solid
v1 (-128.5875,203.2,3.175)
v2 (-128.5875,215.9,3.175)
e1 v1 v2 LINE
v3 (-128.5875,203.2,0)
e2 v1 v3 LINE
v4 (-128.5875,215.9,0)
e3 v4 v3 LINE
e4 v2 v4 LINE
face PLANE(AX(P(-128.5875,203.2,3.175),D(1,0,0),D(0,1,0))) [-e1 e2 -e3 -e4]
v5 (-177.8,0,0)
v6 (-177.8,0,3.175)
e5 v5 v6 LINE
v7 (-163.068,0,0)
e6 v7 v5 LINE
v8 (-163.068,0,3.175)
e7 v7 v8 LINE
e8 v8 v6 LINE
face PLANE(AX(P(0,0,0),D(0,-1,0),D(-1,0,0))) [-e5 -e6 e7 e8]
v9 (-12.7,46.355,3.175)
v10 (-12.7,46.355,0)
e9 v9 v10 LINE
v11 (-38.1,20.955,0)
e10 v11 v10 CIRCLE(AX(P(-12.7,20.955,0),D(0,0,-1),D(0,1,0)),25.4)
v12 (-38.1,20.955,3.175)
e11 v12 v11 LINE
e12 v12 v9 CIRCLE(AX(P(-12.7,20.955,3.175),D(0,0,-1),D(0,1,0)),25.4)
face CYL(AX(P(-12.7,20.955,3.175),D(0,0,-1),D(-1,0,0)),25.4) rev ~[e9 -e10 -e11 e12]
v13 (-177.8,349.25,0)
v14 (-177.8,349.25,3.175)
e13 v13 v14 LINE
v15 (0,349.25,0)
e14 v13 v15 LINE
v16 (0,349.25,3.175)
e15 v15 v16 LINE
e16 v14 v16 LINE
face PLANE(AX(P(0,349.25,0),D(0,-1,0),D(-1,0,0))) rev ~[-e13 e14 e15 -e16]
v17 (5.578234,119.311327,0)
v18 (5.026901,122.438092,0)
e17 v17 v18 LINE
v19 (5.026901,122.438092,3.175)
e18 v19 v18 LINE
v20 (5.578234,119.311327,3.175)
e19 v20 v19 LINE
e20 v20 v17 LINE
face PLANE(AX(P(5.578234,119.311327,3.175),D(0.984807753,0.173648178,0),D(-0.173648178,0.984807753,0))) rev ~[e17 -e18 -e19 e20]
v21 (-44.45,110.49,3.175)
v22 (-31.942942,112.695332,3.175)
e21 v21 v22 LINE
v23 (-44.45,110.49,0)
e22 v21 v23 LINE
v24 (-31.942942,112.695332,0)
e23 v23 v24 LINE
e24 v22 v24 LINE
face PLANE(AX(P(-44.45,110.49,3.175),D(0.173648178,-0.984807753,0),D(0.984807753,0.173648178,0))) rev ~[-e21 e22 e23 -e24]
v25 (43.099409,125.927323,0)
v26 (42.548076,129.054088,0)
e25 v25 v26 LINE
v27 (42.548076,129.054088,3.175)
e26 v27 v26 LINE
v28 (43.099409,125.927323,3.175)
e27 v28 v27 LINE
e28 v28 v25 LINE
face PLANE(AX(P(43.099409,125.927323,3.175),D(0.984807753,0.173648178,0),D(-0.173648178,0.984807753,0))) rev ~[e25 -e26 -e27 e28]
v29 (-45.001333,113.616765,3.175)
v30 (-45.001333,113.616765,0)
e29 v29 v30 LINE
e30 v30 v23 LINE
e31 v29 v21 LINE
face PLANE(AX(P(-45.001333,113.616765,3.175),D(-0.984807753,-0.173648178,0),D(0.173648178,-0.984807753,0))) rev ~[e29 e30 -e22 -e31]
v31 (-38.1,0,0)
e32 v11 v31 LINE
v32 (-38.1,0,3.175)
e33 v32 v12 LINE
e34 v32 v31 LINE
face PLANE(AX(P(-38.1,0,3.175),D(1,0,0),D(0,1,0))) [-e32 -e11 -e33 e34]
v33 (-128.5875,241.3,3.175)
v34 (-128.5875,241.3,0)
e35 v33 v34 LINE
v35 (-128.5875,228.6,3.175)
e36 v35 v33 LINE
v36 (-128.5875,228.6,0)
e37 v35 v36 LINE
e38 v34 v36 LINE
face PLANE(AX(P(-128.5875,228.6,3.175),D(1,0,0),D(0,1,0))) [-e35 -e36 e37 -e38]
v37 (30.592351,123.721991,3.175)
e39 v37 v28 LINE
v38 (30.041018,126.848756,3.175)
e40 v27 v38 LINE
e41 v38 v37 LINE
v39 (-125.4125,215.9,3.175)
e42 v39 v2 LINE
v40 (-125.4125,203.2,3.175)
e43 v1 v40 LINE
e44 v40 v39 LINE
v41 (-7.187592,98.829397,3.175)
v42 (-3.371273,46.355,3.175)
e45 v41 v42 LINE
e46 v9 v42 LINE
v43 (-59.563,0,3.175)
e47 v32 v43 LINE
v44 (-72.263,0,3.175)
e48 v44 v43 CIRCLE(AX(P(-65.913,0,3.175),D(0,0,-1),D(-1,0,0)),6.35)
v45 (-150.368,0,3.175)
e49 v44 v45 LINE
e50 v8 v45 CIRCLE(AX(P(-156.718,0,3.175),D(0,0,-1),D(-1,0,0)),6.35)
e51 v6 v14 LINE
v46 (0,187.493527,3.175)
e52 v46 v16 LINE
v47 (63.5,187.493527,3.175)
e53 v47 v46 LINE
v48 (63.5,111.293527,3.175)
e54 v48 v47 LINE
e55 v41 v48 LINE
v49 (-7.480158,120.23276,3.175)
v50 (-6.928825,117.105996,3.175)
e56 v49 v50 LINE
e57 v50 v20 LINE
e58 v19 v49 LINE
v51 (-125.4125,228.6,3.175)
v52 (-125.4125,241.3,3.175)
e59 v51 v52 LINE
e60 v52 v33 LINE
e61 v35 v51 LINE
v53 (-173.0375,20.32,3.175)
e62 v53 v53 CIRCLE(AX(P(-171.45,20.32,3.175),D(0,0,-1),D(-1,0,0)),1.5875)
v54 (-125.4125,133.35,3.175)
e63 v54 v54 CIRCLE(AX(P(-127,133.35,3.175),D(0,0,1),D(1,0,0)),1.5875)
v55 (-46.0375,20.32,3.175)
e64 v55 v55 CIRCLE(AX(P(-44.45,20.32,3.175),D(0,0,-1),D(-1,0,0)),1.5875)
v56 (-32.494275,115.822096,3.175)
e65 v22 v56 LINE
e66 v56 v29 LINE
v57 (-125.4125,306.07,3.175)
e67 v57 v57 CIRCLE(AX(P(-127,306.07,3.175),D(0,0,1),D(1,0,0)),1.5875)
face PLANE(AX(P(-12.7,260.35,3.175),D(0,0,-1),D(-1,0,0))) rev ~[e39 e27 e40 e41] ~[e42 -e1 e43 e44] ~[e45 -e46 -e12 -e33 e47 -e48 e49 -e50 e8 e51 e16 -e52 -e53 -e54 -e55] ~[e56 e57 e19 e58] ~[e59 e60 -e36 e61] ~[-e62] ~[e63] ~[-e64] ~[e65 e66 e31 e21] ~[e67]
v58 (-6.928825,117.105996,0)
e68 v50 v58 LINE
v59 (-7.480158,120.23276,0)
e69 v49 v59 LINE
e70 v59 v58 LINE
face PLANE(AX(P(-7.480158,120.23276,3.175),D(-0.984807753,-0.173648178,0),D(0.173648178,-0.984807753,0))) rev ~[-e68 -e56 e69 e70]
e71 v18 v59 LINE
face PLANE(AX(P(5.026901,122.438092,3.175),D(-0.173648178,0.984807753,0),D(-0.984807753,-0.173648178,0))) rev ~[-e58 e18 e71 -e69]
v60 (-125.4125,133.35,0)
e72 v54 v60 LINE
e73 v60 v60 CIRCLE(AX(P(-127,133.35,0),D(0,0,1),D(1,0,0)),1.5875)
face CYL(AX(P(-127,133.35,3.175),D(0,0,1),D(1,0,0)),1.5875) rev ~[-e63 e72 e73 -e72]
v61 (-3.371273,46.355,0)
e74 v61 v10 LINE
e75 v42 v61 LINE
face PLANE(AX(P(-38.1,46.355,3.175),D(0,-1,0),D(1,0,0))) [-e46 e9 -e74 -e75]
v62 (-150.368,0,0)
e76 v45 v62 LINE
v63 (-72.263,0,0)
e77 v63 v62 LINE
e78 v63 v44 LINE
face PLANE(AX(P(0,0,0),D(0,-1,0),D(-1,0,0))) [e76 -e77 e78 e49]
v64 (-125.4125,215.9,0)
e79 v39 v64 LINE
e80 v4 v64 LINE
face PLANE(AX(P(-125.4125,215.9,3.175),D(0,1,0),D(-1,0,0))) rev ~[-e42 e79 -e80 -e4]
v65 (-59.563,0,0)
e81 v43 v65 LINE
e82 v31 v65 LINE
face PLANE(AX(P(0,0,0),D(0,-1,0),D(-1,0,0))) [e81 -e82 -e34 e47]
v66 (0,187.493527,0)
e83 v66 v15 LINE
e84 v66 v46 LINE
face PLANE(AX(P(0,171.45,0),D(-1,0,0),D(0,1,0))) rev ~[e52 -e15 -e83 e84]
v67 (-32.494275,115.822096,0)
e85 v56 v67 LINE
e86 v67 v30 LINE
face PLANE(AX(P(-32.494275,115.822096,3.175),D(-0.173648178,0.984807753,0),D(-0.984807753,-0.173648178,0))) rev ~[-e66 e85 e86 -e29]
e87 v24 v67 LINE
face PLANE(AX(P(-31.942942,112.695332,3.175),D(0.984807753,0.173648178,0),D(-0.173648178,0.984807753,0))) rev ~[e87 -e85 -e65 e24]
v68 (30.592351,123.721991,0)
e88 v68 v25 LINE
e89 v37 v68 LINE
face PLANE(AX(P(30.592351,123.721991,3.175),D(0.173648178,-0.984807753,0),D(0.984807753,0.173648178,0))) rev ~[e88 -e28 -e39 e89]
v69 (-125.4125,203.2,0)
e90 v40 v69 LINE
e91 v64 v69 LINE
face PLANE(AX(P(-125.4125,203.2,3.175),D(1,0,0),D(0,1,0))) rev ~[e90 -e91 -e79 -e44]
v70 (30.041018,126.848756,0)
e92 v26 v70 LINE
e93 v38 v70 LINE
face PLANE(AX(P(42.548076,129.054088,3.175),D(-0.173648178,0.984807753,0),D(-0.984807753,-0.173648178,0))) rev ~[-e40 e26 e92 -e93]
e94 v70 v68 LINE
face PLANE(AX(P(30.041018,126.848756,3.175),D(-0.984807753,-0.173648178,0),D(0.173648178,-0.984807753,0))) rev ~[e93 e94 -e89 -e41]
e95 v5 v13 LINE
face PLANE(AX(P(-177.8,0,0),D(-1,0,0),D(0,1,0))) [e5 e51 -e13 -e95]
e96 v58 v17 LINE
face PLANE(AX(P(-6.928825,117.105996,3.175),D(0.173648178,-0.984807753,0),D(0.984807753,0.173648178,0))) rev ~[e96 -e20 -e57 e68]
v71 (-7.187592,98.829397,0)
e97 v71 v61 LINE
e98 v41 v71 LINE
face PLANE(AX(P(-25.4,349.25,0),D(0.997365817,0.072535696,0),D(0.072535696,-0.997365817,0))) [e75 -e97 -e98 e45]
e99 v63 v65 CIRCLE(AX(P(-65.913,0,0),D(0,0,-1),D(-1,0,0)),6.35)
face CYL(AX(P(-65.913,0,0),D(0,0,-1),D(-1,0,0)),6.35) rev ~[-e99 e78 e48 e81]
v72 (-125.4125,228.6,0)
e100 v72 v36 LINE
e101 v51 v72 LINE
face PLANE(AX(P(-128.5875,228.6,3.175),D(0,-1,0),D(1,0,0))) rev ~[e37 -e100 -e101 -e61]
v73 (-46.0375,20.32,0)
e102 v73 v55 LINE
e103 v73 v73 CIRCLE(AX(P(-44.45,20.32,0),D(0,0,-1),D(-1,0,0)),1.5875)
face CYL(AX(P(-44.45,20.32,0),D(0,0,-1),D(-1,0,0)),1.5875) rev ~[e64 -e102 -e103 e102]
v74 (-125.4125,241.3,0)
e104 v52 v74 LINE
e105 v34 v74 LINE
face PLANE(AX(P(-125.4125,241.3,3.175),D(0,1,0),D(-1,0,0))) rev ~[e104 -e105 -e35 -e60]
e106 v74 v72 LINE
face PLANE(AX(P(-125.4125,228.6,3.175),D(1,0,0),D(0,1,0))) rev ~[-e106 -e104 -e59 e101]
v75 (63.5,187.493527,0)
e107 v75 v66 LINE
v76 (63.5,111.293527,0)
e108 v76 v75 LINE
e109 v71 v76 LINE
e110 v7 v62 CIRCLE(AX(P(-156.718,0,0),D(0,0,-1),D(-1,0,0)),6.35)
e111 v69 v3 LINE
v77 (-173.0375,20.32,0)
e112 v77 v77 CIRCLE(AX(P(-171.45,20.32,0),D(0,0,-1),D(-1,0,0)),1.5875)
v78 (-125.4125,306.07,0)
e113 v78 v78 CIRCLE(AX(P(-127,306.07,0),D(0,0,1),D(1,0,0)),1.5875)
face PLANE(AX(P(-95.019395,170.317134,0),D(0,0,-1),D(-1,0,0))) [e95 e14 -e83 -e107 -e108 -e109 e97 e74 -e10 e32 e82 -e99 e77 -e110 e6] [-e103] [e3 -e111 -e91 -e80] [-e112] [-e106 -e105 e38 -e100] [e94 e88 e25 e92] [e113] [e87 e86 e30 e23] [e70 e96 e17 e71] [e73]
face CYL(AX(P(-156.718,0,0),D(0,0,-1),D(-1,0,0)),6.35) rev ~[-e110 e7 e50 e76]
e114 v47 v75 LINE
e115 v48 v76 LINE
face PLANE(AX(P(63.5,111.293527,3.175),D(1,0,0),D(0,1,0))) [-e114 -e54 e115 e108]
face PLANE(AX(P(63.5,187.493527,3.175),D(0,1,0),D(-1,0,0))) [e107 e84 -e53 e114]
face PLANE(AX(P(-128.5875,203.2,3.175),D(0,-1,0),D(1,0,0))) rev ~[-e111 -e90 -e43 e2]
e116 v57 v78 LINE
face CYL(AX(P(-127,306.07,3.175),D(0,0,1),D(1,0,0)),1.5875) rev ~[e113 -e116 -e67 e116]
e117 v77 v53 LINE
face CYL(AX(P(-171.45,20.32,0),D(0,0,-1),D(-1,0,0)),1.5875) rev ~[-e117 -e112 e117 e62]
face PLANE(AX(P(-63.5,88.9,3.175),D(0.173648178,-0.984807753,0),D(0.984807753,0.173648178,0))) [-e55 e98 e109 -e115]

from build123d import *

# Parameters (mm, degrees)
BOSS_EXTRUDE1_DEPTH = 3.175
SKETCH2_R           = 1.5875
CUT_EXTRUDE1_DEPTH  = 3.175
BOSS_EXTRUDE2_DEPTH = 3.175
CUT_EXTRUDE2_DEPTH  = 3.175
SKETCH5_W           = 1.5875
SKETCH5_H           = 12.7
CUT_EXTRUDE3_DEPTH  = 10.16
LPATTERN1_COUNT     = 2
LPATTERN1_PITCH     = 25.4
SKETCH8_W           = 38.1
SKETCH8_H           = 46.355
CUT_EXTRUDE6_DEPTH  = 12.7
SKETCH10_R          = 1.5875
CUT_EXTRUDE7_DEPTH  = 7.62
SKETCH11_R          = 6.35
CUT_EXTRUDE8_DEPTH  = 12.7
FILLET1_R           = 25.4
SKETCH13_W          = 25.4
SKETCH13_H          = 177.8
BOSS_EXTRUDE3_DEPTH = 3.175
LPATTERN2_COUNT     = 2
LPATTERN2_PITCH     = 76.2


with BuildPart() as part:
    # Sketch1 → Boss-Extrude1 (new body)
    with BuildSketch(Plane.XY):
        Polygon((0, 0), (-177.8, 0), (-177.8, 349.25), (-25.4, 349.25), align=None)
    extrude(amount=BOSS_EXTRUDE1_DEPTH)

    # Sketch2 → Cut-Extrude1 (cut)
    with BuildSketch(Plane.XY.offset(3.175)):
        with Locations((-127, 133.35)):
            Circle(SKETCH2_R)
        with Locations((-127, 306.07)):
            Circle(SKETCH2_R)
    extrude(amount=-CUT_EXTRUDE1_DEPTH, mode=Mode.SUBTRACT)

    # Sketch3 → Boss-Extrude2 (add)
    with BuildSketch(Plane.XY.offset(3.175)):
        Polygon((-63.5, 88.9), (63.5, 111.29352655), (63.5, 187.49352655), (-63.5, 187.49352655), align=None)
    extrude(amount=-BOSS_EXTRUDE2_DEPTH)

    # Sketch4 → Cut-Extrude2 (cut)
    with BuildSketch(Plane.XY.offset(3.175)):
        Polygon((-44.45, 110.49), (-31.942941537, 112.695331856), (-32.494274501, 115.822096472), (-45.001332964, 113.616764616), align=None)
        Polygon((-6.92882461, 117.105995569), (5.578233853, 119.311327425), (5.026900889, 122.438092041), (-7.480157574, 120.232760185), align=None)
    cut_extrude2 = extrude(amount=-CUT_EXTRUDE2_DEPTH, mode=Mode.SUBTRACT)

    # Sketch5 → Cut-Extrude3 (cut)
    with BuildSketch(Plane.XY.offset(3.175)):
        with Locations((-126.20625, 209.55)):
            Rectangle(SKETCH5_W, SKETCH5_H)
        with Locations((-127.79375, 209.55)):
            Rectangle(SKETCH5_W, SKETCH5_H)
    cut_extrude3 = extrude(amount=-CUT_EXTRUDE3_DEPTH, mode=Mode.SUBTRACT)

    # LPattern1: Cut-Extrude3 ×2
    with Locations(*[(0, i * LPATTERN1_PITCH, 0) for i in range(1, LPATTERN1_COUNT)]):
        add(cut_extrude3, mode=Mode.SUBTRACT)

    # Sketch8 → Cut-Extrude6 (cut)
    with BuildSketch(Plane.XY.offset(3.175)):
        with Locations((-19.05, 23.1775)):
            Rectangle(SKETCH8_W, SKETCH8_H)
    extrude(amount=-CUT_EXTRUDE6_DEPTH, mode=Mode.SUBTRACT)

    # Sketch10 → Cut-Extrude7 (cut)
    with BuildSketch(Plane(origin=(0, 0, 0), x_dir=(-1, 0, 0), z_dir=(0, 0, -1))):
        with Locations((171.45, 20.32)):
            Circle(SKETCH10_R)
        with Locations((44.45, 20.32)):
            Circle(SKETCH10_R)
    extrude(amount=-CUT_EXTRUDE7_DEPTH, mode=Mode.SUBTRACT)

    # Sketch11 → Cut-Extrude8 (cut)
    with BuildSketch(Plane(origin=(0, 0, 0), x_dir=(-1, 0, 0), z_dir=(0, 0, -1))):
        with Locations((156.718, 0)):
            Circle(SKETCH11_R)
        with Locations((65.913, 0)):
            Circle(SKETCH11_R)
    extrude(amount=-CUT_EXTRUDE8_DEPTH, mode=Mode.SUBTRACT)

    # Fillet1
    fillet1_edges = [part.edges().sort_by_distance(p)[0] for p in [
        (-38.1, 46.355, 1.5875),
    ]]
    fillet(fillet1_edges, radius=FILLET1_R)

    # Sketch13 → Boss-Extrude3 (add)
    with BuildSketch(Plane(origin=(0, 0, 0), x_dir=(-1, 0, 0), z_dir=(0, 0, -1))):
        with Locations((12.7, 260.35)):
            Rectangle(SKETCH13_W, SKETCH13_H)
    extrude(amount=-BOSS_EXTRUDE3_DEPTH)

    # LPattern2: Cut-Extrude2 ×2
    with Locations(*[Vector(0.984807753, 0.173648178, 0) * (i * LPATTERN2_PITCH) for i in range(1, LPATTERN2_COUNT)]):
        add(cut_extrude2, mode=Mode.SUBTRACT)


solid = part.part
